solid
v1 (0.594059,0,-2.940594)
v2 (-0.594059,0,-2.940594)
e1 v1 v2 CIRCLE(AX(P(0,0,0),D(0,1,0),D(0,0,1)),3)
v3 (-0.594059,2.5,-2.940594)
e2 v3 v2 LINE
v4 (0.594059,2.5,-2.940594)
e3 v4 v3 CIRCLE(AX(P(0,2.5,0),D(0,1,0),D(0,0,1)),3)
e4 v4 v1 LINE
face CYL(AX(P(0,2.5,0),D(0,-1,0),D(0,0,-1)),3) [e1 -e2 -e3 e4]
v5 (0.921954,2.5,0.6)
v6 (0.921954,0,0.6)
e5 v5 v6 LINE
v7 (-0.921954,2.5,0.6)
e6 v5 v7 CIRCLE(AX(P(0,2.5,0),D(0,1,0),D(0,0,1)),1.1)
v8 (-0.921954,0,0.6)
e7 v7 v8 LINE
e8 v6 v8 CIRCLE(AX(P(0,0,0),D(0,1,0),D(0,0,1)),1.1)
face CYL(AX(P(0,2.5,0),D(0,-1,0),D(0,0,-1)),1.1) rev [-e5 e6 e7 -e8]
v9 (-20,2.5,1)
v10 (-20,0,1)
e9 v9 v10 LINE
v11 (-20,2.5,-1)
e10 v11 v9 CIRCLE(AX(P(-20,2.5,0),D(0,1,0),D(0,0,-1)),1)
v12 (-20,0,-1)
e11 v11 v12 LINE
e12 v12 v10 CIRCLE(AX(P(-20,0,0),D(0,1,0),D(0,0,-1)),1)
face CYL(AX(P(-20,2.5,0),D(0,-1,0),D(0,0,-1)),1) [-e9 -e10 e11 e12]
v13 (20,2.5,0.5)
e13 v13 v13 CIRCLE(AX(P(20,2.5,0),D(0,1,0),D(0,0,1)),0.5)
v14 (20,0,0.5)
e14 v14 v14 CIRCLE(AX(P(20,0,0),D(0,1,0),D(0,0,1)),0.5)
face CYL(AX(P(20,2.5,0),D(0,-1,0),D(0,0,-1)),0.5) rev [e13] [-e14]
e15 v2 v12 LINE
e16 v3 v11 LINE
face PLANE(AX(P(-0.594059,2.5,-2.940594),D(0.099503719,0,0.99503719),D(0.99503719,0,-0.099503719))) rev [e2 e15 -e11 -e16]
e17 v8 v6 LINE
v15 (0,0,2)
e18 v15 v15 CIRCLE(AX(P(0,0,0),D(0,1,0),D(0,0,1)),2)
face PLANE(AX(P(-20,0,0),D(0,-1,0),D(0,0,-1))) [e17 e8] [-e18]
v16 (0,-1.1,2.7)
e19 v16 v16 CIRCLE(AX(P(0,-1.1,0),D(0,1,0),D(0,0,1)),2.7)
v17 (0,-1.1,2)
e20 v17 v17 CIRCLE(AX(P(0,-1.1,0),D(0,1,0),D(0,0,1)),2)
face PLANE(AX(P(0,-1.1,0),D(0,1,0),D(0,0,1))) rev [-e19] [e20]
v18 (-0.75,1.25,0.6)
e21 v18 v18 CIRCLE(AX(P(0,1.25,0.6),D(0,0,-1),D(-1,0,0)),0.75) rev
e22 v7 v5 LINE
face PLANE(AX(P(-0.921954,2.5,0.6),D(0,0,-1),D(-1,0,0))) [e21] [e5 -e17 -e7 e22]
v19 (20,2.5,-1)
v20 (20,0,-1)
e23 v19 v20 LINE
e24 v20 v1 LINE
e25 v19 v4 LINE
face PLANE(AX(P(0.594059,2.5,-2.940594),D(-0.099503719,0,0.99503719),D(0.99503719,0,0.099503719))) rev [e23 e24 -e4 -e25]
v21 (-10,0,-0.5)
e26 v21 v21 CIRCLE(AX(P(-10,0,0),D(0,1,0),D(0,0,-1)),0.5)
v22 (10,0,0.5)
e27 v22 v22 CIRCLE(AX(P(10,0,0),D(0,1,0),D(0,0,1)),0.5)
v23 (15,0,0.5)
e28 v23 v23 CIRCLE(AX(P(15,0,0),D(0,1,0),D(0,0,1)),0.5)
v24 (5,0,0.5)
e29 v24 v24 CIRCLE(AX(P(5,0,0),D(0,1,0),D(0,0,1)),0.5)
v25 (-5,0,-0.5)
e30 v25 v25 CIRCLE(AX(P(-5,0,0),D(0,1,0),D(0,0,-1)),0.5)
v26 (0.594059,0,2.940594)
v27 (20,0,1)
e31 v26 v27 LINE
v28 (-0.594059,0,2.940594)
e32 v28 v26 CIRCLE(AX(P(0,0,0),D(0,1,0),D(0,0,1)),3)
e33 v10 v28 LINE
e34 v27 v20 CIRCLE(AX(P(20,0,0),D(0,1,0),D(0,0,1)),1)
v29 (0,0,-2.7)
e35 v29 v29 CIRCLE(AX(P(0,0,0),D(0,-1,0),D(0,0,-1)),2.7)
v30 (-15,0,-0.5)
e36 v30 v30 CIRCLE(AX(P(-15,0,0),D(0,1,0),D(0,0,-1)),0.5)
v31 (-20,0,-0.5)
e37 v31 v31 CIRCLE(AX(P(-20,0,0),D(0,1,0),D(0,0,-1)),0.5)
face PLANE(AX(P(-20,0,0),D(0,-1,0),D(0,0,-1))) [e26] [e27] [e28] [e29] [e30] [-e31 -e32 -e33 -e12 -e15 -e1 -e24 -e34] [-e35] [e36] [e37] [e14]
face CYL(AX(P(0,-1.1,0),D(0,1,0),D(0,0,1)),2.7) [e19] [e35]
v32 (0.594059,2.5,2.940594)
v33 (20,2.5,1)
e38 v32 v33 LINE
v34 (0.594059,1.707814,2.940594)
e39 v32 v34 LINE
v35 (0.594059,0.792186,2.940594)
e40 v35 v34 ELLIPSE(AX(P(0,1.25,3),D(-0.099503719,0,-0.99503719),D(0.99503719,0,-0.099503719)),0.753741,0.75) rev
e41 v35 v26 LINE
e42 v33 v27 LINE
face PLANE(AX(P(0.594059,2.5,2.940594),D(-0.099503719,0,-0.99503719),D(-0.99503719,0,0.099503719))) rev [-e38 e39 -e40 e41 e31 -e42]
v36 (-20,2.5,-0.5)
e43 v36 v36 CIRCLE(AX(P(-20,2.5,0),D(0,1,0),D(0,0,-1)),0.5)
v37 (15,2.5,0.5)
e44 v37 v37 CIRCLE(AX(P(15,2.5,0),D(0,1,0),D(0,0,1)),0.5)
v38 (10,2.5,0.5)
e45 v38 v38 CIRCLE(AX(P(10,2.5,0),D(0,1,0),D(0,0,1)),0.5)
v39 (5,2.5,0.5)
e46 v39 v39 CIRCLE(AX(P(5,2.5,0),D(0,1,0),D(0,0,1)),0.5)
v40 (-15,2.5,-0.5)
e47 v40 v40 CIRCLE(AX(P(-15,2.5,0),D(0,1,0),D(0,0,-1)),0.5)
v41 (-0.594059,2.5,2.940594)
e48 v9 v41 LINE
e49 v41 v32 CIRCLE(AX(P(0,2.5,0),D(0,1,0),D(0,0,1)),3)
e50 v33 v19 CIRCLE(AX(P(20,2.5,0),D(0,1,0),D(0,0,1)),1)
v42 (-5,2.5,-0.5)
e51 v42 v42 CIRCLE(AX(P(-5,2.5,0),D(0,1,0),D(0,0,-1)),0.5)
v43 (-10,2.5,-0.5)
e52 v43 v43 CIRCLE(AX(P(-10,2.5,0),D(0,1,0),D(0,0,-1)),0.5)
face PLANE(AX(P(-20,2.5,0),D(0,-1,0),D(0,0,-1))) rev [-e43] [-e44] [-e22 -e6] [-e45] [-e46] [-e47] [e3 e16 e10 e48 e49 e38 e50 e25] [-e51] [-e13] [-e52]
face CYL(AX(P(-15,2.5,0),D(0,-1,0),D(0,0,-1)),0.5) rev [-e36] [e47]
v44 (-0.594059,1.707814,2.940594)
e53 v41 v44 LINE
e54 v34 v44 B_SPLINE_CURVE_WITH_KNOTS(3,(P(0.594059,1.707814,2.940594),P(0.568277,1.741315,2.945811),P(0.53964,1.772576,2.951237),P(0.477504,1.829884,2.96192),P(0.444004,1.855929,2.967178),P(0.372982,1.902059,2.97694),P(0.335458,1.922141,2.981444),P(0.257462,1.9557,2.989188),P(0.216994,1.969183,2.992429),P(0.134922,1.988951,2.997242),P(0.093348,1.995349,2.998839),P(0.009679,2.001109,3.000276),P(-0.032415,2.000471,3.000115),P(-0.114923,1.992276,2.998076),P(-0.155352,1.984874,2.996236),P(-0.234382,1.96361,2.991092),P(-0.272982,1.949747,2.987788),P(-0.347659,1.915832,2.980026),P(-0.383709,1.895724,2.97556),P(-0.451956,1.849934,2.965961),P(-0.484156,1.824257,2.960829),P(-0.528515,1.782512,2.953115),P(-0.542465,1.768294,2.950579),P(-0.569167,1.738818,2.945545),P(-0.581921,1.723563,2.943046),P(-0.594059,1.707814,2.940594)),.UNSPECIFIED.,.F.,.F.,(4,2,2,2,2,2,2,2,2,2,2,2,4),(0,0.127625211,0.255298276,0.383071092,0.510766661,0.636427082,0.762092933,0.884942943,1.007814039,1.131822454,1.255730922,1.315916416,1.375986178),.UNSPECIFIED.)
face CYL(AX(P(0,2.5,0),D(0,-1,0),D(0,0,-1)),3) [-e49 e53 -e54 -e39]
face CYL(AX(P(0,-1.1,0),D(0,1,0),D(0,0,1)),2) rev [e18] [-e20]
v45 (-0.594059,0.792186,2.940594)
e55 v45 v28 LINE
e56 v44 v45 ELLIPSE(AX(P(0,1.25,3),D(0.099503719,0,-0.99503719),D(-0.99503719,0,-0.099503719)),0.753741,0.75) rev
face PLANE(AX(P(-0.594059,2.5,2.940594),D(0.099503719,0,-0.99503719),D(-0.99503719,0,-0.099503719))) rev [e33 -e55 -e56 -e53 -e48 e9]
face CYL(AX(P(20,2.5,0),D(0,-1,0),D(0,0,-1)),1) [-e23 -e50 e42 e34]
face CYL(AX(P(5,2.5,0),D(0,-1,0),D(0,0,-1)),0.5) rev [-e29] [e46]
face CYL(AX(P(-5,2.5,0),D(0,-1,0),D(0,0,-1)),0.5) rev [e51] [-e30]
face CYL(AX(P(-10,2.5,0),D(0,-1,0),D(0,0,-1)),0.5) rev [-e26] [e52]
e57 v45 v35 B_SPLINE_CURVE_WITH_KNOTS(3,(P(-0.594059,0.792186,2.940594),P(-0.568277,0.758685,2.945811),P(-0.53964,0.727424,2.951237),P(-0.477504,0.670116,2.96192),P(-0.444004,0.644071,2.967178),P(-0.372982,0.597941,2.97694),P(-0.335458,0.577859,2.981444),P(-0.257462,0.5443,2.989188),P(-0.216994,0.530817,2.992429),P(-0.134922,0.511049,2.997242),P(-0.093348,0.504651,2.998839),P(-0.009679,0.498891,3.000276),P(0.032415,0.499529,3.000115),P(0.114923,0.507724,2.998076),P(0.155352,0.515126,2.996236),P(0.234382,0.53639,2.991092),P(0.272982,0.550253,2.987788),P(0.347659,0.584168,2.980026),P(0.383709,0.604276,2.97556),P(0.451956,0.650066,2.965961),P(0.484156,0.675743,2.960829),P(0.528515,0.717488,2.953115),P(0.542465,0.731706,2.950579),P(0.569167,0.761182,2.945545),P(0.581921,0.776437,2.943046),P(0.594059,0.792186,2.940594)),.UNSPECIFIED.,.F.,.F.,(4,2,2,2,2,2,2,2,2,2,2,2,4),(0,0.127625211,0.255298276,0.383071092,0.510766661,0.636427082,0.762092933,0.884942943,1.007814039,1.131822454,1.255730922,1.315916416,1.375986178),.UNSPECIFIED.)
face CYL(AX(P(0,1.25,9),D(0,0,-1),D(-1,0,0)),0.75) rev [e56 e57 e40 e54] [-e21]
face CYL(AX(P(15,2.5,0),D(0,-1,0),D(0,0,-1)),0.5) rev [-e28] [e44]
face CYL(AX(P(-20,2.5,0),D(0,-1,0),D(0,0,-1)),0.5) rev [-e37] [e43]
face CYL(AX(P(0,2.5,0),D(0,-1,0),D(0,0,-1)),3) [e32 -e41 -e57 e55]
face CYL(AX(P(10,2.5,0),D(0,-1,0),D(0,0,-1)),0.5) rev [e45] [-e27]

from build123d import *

# Parameters (mm, degrees)
SKETCH1_R           = 0.5
BOSS_EXTRUDE1_DEPTH = 2.5
SKETCH2_R           = 0.75
CUT_EXTRUDE1_DEPTH  = 9
SKETCH3_R           = 2.7
SKETCH3_R_2         = 2
BOSS_EXTRUDE2_DEPTH = 1.1


with BuildPart() as part:
    # Sketch1 → Boss-Extrude1 (new body)
    with BuildSketch(Plane(origin=(0, 0, 0), x_dir=(1, 0, 0), z_dir=(0, 1, 0))):
        with BuildLine():
            Line((0.594059406, 2.940594059), (20, 1))
            ThreePointArc((20, 1), (21, 0), (20, -1))
            Line((20, -1), (0.594059406, -2.940594059))
            ThreePointArc((0.594059406, -2.940594059), (0, -3), (-0.594059406, -2.940594059))
            Line((-0.594059406, -2.940594059), (-20, -1))
            ThreePointArc((-20, -1), (-21, 0), (-20, 1))
            Line((-20, 1), (-0.594059406, 2.940594059))
            ThreePointArc((-0.594059406, 2.940594059), (0, 3), (0.594059406, 2.940594059))
        make_face()
        with Locations(Location((5, 0, 0), (0, 0, 270))):
            Circle(SKETCH1_R, mode=Mode.SUBTRACT)
        with Locations(Location((10, 0, 0), (0, 0, 270))):
            Circle(SKETCH1_R, mode=Mode.SUBTRACT)
        with Locations(Location((15, 0, 0), (0, 0, 270))):
            Circle(SKETCH1_R, mode=Mode.SUBTRACT)
        with Locations(Location((20, 0, 0), (0, 0, 270))):
            Circle(SKETCH1_R, mode=Mode.SUBTRACT)
        with Locations(Location((-20, 0, 0), (0, 0, 90))):
            Circle(SKETCH1_R, mode=Mode.SUBTRACT)
        with Locations(Location((-15, 0, 0), (0, 0, 90))):
            Circle(SKETCH1_R, mode=Mode.SUBTRACT)
        with Locations(Location((-10, 0, 0), (0, 0, 90))):
            Circle(SKETCH1_R, mode=Mode.SUBTRACT)
        with Locations(Location((-5, 0, 0), (0, 0, 90))):
            Circle(SKETCH1_R, mode=Mode.SUBTRACT)
        with BuildLine():
            Line((-0.921954446, -0.6), (0.921954446, -0.6))
            ThreePointArc((0.921954446, -0.6), (0, 1.1), (-0.921954446, -0.6))
        make_face(mode=Mode.SUBTRACT)
    extrude(amount=BOSS_EXTRUDE1_DEPTH)

    # Sketch2 → Cut-Extrude1 (cut)
    with BuildSketch(Plane.XY):
        with Locations(Location((0, 1.25, 0), (0, 0, 180))):
            Circle(SKETCH2_R)
    extrude(amount=CUT_EXTRUDE1_DEPTH, mode=Mode.SUBTRACT)

    # Sketch3 → Boss-Extrude2 (add)
    with BuildSketch(Plane(origin=(0, 0, 0), x_dir=(1, 0, 0), z_dir=(0, 1, 0))):
        with Locations(Location((0, 0, 0), (0, 0, 270))):
            Circle(SKETCH3_R)
        with Locations(Location((0, 0, 0), (0, 0, 270))):
            Circle(SKETCH3_R_2, mode=Mode.SUBTRACT)
    extrude(amount=-BOSS_EXTRUDE2_DEPTH)


solid = part.part
